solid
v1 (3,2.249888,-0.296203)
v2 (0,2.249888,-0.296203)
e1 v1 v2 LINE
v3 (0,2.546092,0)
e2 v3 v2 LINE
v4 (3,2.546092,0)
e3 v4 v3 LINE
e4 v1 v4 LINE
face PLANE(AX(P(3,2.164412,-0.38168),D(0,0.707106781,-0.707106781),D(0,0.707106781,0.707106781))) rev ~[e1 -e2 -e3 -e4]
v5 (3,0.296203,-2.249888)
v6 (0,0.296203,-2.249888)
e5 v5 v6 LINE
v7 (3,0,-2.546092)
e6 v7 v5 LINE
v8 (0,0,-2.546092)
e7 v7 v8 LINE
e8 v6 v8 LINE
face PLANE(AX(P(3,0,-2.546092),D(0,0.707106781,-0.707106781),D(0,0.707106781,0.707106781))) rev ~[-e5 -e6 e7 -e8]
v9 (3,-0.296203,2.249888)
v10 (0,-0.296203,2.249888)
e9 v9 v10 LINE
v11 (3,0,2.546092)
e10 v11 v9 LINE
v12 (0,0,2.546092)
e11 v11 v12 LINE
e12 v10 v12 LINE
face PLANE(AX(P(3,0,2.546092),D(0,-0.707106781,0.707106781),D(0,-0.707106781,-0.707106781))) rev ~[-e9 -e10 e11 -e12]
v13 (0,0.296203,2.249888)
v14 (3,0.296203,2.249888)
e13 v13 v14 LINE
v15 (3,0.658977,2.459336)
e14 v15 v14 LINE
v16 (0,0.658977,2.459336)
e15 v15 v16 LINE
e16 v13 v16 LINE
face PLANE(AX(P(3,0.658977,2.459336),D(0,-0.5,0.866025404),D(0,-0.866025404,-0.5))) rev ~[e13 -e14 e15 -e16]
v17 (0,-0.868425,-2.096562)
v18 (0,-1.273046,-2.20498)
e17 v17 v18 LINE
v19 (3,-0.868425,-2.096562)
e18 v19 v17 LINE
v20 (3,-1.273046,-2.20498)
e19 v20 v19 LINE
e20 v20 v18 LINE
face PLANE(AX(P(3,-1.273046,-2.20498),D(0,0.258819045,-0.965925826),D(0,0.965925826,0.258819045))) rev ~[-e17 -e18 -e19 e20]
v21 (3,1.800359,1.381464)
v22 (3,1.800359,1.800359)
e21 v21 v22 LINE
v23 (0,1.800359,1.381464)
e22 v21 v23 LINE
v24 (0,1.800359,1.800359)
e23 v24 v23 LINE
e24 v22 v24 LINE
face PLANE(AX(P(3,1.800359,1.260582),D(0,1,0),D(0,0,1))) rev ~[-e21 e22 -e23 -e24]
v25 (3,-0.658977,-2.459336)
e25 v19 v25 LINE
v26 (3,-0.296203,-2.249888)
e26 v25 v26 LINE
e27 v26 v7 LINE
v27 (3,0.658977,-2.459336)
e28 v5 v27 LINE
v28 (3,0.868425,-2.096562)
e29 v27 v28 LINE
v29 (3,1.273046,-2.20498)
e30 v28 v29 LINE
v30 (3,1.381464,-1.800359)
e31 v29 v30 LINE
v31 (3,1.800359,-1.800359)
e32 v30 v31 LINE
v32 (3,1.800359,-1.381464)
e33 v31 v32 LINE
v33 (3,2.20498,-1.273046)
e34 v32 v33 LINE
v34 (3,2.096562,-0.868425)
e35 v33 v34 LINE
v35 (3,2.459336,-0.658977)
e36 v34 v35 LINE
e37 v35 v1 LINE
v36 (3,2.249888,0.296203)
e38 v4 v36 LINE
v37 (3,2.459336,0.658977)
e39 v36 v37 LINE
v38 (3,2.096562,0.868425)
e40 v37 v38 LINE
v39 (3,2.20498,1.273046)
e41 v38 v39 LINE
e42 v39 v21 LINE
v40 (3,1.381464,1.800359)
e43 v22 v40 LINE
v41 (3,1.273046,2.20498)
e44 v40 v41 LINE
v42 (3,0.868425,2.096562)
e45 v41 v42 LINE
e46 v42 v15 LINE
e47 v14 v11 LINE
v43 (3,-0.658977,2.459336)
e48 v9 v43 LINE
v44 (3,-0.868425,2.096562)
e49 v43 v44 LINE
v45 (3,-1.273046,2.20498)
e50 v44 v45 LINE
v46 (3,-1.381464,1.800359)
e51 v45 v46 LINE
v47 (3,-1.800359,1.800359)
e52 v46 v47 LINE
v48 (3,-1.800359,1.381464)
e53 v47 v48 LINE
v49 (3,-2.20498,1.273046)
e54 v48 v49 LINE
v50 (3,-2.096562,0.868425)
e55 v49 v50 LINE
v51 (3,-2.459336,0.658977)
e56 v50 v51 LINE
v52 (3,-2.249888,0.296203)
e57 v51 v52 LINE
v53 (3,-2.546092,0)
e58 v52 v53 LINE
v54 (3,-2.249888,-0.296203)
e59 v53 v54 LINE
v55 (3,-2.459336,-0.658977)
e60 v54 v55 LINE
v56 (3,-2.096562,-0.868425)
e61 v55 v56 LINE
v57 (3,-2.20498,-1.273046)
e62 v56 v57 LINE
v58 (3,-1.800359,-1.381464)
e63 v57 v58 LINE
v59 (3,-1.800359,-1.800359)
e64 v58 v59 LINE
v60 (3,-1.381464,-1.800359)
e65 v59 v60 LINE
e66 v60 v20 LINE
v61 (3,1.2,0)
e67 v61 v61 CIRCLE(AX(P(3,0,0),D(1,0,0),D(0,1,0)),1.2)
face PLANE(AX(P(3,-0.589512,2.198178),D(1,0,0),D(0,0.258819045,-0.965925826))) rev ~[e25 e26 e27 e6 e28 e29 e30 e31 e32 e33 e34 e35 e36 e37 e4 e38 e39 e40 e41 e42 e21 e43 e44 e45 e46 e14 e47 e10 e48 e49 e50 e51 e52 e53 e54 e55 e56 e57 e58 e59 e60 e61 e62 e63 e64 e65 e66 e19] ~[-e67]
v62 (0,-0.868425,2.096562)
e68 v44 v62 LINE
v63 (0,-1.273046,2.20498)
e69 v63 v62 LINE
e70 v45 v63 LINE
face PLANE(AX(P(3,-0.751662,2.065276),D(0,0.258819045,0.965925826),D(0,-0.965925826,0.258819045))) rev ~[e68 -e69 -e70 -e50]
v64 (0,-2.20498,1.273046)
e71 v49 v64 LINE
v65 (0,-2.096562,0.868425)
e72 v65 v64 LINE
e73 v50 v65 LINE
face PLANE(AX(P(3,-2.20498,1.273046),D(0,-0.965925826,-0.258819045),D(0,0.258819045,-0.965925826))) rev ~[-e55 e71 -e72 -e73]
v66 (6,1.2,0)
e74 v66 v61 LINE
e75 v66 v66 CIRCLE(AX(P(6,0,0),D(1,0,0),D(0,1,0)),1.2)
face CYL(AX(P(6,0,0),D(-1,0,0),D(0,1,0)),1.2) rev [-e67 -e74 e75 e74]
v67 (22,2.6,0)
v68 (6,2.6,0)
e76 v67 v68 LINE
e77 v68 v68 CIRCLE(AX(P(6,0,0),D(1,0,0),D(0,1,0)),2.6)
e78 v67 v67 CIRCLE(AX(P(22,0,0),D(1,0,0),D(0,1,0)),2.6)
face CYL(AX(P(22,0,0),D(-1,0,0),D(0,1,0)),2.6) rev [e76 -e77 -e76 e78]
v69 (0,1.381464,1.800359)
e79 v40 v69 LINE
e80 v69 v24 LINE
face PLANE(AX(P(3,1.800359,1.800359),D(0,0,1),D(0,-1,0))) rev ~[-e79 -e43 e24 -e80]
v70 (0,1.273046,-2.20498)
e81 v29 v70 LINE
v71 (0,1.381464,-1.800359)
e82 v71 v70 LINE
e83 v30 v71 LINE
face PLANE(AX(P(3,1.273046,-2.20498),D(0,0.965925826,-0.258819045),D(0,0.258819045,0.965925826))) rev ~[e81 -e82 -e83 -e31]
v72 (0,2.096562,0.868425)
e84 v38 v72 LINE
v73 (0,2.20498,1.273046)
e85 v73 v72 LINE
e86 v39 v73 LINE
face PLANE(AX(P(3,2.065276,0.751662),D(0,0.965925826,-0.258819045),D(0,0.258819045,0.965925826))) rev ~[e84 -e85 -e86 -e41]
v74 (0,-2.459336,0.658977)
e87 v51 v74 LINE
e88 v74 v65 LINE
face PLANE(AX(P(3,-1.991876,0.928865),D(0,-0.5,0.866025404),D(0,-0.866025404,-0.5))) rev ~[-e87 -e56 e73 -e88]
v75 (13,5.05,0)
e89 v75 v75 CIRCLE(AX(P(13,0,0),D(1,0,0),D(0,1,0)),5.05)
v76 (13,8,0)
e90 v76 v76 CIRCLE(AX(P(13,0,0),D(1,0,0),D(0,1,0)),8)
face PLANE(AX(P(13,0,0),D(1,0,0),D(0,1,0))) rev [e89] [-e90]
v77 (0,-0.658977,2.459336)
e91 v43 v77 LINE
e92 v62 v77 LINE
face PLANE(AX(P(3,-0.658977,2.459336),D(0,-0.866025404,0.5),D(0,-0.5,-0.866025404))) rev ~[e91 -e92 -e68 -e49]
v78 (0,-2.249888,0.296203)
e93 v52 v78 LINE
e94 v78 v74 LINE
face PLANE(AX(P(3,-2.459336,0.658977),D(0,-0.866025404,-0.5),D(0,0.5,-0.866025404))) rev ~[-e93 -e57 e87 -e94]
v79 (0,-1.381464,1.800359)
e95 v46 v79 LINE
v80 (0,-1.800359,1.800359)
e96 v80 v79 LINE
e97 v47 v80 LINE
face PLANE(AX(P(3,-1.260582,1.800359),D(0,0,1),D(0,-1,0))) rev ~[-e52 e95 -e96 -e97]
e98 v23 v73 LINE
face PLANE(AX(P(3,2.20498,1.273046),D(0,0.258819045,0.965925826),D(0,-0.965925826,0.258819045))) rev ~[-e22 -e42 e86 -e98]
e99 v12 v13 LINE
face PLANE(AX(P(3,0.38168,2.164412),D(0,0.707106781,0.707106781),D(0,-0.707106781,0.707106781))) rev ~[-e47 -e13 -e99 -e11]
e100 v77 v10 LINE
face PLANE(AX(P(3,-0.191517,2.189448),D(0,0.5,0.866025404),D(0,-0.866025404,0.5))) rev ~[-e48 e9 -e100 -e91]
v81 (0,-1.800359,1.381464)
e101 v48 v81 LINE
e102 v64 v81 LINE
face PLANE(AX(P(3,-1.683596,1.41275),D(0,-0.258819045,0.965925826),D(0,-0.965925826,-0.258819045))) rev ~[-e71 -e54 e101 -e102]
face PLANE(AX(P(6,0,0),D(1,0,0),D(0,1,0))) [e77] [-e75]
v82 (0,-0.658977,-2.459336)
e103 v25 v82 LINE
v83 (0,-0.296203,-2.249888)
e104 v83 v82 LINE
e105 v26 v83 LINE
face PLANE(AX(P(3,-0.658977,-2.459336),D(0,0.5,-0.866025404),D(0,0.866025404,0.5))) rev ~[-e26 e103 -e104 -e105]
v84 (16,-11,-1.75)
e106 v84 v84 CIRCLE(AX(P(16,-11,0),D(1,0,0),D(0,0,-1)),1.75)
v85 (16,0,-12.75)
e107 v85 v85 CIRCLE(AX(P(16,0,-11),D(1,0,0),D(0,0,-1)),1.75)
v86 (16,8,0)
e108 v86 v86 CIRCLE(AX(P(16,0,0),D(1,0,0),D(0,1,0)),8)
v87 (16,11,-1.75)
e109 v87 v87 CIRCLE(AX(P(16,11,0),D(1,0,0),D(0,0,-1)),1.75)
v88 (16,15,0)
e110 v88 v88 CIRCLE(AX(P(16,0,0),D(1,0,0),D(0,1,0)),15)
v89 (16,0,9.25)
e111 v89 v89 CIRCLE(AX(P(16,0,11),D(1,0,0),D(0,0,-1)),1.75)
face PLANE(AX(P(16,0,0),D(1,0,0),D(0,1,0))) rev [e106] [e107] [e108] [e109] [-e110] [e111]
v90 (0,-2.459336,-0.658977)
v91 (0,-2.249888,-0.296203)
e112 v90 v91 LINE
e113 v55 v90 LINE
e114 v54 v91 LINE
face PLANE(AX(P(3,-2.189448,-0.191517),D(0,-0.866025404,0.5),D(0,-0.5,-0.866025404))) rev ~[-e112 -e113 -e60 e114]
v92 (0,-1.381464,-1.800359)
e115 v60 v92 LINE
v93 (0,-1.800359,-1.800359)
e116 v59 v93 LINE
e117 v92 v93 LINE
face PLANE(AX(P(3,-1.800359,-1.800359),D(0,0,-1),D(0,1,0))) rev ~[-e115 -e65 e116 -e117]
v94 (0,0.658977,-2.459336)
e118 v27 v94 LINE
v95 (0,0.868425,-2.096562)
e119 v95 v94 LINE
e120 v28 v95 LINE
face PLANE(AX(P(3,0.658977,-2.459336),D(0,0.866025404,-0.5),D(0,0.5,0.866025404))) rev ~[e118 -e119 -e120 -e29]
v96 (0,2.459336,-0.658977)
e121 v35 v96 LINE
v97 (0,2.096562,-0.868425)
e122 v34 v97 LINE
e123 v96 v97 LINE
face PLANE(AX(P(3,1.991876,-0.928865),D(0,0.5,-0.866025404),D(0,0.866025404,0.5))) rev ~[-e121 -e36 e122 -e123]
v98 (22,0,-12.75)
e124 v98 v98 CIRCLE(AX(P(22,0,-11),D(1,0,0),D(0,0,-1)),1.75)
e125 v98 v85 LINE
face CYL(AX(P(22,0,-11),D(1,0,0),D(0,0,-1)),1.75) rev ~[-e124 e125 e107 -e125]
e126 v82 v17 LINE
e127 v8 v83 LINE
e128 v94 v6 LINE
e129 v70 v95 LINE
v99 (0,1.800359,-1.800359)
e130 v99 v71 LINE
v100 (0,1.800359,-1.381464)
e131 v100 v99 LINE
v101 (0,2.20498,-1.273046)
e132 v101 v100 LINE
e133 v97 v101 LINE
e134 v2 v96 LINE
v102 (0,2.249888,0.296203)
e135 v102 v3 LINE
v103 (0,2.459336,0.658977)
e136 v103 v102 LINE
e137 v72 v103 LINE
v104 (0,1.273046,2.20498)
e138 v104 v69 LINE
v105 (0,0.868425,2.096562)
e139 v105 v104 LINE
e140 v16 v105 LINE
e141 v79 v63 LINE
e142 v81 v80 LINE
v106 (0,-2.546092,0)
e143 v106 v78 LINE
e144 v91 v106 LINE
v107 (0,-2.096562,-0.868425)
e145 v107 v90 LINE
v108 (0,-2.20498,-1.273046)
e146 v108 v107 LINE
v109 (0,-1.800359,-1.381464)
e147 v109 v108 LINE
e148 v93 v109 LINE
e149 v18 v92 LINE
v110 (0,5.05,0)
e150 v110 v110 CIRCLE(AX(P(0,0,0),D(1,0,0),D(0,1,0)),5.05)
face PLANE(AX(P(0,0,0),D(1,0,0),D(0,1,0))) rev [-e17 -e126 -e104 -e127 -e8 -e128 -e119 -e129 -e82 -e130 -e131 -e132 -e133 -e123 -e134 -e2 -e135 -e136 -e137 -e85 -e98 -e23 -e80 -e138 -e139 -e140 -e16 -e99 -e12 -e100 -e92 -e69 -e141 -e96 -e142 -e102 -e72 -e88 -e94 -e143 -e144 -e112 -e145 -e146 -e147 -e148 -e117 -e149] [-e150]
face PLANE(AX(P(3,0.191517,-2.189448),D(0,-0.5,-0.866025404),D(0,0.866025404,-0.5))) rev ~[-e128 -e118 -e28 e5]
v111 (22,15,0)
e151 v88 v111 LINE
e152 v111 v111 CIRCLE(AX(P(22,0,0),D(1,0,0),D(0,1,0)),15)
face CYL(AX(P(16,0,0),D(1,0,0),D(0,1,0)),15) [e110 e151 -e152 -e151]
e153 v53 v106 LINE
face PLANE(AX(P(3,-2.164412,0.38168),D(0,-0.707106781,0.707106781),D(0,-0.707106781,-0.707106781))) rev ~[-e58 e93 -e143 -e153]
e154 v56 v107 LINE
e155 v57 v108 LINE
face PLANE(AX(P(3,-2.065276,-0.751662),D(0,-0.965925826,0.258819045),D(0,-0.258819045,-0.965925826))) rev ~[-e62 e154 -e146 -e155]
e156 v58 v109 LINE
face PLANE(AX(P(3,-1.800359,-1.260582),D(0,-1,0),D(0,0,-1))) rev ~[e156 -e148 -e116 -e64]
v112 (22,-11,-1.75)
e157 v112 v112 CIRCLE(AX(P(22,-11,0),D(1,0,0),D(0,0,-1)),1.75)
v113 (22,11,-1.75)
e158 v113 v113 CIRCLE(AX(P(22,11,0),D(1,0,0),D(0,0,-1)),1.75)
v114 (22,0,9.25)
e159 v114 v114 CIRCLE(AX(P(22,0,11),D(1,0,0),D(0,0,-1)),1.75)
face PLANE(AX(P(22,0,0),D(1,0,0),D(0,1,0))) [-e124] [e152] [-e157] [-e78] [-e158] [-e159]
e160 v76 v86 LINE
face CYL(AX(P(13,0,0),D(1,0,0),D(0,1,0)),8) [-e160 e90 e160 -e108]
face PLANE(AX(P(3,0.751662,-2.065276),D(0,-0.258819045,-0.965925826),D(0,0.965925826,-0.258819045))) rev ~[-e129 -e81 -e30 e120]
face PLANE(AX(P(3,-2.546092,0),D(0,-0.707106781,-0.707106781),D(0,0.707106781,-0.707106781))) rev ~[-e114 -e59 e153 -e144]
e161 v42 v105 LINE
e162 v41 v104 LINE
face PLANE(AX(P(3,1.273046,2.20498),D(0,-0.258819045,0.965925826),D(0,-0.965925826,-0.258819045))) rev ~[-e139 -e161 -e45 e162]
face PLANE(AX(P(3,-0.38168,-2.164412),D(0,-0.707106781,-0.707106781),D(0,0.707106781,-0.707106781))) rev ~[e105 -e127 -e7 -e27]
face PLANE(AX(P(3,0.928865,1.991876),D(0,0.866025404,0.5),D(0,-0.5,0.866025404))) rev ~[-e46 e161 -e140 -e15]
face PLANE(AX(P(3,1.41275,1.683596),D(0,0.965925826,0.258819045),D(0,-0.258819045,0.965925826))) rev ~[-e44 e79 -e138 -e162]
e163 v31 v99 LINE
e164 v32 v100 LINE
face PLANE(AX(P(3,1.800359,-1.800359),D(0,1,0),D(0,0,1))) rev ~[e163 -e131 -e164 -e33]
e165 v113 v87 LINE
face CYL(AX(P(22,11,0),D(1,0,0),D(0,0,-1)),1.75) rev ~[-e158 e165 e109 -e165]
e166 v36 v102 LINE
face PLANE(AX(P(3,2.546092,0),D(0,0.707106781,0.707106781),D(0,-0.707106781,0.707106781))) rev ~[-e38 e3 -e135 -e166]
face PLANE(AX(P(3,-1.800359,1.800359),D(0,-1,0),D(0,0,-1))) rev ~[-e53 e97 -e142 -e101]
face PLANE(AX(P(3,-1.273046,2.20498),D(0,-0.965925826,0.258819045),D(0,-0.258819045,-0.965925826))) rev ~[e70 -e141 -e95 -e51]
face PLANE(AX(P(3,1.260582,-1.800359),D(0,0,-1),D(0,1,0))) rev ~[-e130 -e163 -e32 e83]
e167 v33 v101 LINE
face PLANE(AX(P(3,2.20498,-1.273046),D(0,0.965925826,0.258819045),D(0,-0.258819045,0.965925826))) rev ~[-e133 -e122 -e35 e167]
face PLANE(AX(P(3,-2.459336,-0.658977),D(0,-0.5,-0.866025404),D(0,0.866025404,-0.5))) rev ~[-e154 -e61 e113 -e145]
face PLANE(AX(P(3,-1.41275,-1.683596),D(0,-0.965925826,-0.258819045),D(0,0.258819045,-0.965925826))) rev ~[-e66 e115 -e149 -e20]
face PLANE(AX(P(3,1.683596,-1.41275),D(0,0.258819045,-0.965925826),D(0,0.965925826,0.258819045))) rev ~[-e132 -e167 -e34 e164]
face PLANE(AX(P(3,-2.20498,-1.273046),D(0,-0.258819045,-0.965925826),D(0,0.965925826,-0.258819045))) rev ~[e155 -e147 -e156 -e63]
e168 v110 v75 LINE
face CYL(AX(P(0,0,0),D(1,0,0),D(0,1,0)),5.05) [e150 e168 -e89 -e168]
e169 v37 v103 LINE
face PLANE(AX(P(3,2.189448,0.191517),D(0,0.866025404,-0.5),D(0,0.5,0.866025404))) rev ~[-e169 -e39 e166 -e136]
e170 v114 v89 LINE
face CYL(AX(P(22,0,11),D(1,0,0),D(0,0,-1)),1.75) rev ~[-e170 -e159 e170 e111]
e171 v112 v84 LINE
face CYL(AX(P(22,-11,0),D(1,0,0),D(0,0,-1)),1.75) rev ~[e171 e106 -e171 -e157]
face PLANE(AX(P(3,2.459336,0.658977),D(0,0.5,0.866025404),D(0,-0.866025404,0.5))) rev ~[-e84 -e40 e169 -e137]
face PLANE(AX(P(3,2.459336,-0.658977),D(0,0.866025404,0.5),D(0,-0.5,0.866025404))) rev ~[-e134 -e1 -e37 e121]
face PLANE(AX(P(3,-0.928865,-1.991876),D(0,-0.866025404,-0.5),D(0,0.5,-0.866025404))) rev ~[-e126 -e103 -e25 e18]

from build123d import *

# Parameters (mm, degrees)
ENL_V_MAT_EXTRU_1_REACH      = 24
ESQUISSE2_R                  = 1.75
ENL_V_MAT_EXTRU_2_DEPTH      = 10
R_P_TITION_CIRCULAIRE1_COUNT = 24


with BuildPart() as part:
    # Esquisse1 → Révolution1 (revolve)
    with BuildSketch(Plane.XY):
        Polygon((0, 2.25), (0, 5.05), (13, 5.05), (13, 8), (16, 8), (16, 15), (22, 15), (22, 2.6), (6, 2.6), (6, 1.2), (3, 1.2), (3, 2.25), align=None)
    revolve(axis=Axis((0, 0, 0), (1, 0, 0)))

    # Esquisse2 → Enlèv. mat.-Extru.1 (cut, up to next)
    with BuildSketch(Plane(origin=(22, 0, 0), x_dir=(0, 0, -1), z_dir=(1, 0, 0)), mode=Mode.PRIVATE) as enl_v_mat_extru_1_sk1:
        with Locations((0, 11)):
            Circle(ESQUISSE2_R)
    enl_v_mat_extru_1_tool1 = extrude(enl_v_mat_extru_1_sk1.sketch, amount=-ENL_V_MAT_EXTRU_1_REACH, mode=Mode.PRIVATE) & part.part
    add(enl_v_mat_extru_1_tool1.solids().sort_by_distance((22, 11, 0))[0], mode=Mode.SUBTRACT)
    # Esquisse2 → Enlèv. mat.-Extru.1 (cut, up to next)
    with BuildSketch(Plane(origin=(22, 0, 0), x_dir=(0, 0, -1), z_dir=(1, 0, 0)), mode=Mode.PRIVATE) as enl_v_mat_extru_1_sk2:
        with Locations((11, 0)):
            Circle(ESQUISSE2_R)
    enl_v_mat_extru_1_tool2 = extrude(enl_v_mat_extru_1_sk2.sketch, amount=-ENL_V_MAT_EXTRU_1_REACH, mode=Mode.PRIVATE) & part.part
    add(enl_v_mat_extru_1_tool2.solids().sort_by_distance((22, 0, -11))[0], mode=Mode.SUBTRACT)
    # Esquisse2 → Enlèv. mat.-Extru.1 (cut, up to next)
    with BuildSketch(Plane(origin=(22, 0, 0), x_dir=(0, 0, -1), z_dir=(1, 0, 0)), mode=Mode.PRIVATE) as enl_v_mat_extru_1_sk3:
        with Locations((0, -11)):
            Circle(ESQUISSE2_R)
    enl_v_mat_extru_1_tool3 = extrude(enl_v_mat_extru_1_sk3.sketch, amount=-ENL_V_MAT_EXTRU_1_REACH, mode=Mode.PRIVATE) & part.part
    add(enl_v_mat_extru_1_tool3.solids().sort_by_distance((22, -11, 0))[0], mode=Mode.SUBTRACT)
    # Esquisse2 → Enlèv. mat.-Extru.1 (cut, up to next)
    with BuildSketch(Plane(origin=(22, 0, 0), x_dir=(0, 0, -1), z_dir=(1, 0, 0)), mode=Mode.PRIVATE) as enl_v_mat_extru_1_sk4:
        with Locations((-11, 0)):
            Circle(ESQUISSE2_R)
    enl_v_mat_extru_1_tool4 = extrude(enl_v_mat_extru_1_sk4.sketch, amount=-ENL_V_MAT_EXTRU_1_REACH, mode=Mode.PRIVATE) & part.part
    add(enl_v_mat_extru_1_tool4.solids().sort_by_distance((22, 0, 11))[0], mode=Mode.SUBTRACT)

    # Esquisse3 → Enlèv. mat.-Extru.2 (cut)
    with BuildSketch(Plane.ZY.offset(-3)):
        Polygon((2.54609184, 0), (2.163423814, -0.382668026), (2.164412287, 0.381679553), align=None)
    enl_v_mat_extru_2 = extrude(amount=ENL_V_MAT_EXTRU_2_DEPTH, mode=Mode.SUBTRACT)

    # Répétition circulaire1: Enlèv. mat.-Extru.2 ×24 about axis
    r_p_tition_circulaire1_axis = Axis((0, 0, 0), (1, 0, 0))
    for i in range(1, R_P_TITION_CIRCULAIRE1_COUNT):
        add(enl_v_mat_extru_2.rotate(r_p_tition_circulaire1_axis, i * 360 / R_P_TITION_CIRCULAIRE1_COUNT), mode=Mode.SUBTRACT)


solid = part.part
